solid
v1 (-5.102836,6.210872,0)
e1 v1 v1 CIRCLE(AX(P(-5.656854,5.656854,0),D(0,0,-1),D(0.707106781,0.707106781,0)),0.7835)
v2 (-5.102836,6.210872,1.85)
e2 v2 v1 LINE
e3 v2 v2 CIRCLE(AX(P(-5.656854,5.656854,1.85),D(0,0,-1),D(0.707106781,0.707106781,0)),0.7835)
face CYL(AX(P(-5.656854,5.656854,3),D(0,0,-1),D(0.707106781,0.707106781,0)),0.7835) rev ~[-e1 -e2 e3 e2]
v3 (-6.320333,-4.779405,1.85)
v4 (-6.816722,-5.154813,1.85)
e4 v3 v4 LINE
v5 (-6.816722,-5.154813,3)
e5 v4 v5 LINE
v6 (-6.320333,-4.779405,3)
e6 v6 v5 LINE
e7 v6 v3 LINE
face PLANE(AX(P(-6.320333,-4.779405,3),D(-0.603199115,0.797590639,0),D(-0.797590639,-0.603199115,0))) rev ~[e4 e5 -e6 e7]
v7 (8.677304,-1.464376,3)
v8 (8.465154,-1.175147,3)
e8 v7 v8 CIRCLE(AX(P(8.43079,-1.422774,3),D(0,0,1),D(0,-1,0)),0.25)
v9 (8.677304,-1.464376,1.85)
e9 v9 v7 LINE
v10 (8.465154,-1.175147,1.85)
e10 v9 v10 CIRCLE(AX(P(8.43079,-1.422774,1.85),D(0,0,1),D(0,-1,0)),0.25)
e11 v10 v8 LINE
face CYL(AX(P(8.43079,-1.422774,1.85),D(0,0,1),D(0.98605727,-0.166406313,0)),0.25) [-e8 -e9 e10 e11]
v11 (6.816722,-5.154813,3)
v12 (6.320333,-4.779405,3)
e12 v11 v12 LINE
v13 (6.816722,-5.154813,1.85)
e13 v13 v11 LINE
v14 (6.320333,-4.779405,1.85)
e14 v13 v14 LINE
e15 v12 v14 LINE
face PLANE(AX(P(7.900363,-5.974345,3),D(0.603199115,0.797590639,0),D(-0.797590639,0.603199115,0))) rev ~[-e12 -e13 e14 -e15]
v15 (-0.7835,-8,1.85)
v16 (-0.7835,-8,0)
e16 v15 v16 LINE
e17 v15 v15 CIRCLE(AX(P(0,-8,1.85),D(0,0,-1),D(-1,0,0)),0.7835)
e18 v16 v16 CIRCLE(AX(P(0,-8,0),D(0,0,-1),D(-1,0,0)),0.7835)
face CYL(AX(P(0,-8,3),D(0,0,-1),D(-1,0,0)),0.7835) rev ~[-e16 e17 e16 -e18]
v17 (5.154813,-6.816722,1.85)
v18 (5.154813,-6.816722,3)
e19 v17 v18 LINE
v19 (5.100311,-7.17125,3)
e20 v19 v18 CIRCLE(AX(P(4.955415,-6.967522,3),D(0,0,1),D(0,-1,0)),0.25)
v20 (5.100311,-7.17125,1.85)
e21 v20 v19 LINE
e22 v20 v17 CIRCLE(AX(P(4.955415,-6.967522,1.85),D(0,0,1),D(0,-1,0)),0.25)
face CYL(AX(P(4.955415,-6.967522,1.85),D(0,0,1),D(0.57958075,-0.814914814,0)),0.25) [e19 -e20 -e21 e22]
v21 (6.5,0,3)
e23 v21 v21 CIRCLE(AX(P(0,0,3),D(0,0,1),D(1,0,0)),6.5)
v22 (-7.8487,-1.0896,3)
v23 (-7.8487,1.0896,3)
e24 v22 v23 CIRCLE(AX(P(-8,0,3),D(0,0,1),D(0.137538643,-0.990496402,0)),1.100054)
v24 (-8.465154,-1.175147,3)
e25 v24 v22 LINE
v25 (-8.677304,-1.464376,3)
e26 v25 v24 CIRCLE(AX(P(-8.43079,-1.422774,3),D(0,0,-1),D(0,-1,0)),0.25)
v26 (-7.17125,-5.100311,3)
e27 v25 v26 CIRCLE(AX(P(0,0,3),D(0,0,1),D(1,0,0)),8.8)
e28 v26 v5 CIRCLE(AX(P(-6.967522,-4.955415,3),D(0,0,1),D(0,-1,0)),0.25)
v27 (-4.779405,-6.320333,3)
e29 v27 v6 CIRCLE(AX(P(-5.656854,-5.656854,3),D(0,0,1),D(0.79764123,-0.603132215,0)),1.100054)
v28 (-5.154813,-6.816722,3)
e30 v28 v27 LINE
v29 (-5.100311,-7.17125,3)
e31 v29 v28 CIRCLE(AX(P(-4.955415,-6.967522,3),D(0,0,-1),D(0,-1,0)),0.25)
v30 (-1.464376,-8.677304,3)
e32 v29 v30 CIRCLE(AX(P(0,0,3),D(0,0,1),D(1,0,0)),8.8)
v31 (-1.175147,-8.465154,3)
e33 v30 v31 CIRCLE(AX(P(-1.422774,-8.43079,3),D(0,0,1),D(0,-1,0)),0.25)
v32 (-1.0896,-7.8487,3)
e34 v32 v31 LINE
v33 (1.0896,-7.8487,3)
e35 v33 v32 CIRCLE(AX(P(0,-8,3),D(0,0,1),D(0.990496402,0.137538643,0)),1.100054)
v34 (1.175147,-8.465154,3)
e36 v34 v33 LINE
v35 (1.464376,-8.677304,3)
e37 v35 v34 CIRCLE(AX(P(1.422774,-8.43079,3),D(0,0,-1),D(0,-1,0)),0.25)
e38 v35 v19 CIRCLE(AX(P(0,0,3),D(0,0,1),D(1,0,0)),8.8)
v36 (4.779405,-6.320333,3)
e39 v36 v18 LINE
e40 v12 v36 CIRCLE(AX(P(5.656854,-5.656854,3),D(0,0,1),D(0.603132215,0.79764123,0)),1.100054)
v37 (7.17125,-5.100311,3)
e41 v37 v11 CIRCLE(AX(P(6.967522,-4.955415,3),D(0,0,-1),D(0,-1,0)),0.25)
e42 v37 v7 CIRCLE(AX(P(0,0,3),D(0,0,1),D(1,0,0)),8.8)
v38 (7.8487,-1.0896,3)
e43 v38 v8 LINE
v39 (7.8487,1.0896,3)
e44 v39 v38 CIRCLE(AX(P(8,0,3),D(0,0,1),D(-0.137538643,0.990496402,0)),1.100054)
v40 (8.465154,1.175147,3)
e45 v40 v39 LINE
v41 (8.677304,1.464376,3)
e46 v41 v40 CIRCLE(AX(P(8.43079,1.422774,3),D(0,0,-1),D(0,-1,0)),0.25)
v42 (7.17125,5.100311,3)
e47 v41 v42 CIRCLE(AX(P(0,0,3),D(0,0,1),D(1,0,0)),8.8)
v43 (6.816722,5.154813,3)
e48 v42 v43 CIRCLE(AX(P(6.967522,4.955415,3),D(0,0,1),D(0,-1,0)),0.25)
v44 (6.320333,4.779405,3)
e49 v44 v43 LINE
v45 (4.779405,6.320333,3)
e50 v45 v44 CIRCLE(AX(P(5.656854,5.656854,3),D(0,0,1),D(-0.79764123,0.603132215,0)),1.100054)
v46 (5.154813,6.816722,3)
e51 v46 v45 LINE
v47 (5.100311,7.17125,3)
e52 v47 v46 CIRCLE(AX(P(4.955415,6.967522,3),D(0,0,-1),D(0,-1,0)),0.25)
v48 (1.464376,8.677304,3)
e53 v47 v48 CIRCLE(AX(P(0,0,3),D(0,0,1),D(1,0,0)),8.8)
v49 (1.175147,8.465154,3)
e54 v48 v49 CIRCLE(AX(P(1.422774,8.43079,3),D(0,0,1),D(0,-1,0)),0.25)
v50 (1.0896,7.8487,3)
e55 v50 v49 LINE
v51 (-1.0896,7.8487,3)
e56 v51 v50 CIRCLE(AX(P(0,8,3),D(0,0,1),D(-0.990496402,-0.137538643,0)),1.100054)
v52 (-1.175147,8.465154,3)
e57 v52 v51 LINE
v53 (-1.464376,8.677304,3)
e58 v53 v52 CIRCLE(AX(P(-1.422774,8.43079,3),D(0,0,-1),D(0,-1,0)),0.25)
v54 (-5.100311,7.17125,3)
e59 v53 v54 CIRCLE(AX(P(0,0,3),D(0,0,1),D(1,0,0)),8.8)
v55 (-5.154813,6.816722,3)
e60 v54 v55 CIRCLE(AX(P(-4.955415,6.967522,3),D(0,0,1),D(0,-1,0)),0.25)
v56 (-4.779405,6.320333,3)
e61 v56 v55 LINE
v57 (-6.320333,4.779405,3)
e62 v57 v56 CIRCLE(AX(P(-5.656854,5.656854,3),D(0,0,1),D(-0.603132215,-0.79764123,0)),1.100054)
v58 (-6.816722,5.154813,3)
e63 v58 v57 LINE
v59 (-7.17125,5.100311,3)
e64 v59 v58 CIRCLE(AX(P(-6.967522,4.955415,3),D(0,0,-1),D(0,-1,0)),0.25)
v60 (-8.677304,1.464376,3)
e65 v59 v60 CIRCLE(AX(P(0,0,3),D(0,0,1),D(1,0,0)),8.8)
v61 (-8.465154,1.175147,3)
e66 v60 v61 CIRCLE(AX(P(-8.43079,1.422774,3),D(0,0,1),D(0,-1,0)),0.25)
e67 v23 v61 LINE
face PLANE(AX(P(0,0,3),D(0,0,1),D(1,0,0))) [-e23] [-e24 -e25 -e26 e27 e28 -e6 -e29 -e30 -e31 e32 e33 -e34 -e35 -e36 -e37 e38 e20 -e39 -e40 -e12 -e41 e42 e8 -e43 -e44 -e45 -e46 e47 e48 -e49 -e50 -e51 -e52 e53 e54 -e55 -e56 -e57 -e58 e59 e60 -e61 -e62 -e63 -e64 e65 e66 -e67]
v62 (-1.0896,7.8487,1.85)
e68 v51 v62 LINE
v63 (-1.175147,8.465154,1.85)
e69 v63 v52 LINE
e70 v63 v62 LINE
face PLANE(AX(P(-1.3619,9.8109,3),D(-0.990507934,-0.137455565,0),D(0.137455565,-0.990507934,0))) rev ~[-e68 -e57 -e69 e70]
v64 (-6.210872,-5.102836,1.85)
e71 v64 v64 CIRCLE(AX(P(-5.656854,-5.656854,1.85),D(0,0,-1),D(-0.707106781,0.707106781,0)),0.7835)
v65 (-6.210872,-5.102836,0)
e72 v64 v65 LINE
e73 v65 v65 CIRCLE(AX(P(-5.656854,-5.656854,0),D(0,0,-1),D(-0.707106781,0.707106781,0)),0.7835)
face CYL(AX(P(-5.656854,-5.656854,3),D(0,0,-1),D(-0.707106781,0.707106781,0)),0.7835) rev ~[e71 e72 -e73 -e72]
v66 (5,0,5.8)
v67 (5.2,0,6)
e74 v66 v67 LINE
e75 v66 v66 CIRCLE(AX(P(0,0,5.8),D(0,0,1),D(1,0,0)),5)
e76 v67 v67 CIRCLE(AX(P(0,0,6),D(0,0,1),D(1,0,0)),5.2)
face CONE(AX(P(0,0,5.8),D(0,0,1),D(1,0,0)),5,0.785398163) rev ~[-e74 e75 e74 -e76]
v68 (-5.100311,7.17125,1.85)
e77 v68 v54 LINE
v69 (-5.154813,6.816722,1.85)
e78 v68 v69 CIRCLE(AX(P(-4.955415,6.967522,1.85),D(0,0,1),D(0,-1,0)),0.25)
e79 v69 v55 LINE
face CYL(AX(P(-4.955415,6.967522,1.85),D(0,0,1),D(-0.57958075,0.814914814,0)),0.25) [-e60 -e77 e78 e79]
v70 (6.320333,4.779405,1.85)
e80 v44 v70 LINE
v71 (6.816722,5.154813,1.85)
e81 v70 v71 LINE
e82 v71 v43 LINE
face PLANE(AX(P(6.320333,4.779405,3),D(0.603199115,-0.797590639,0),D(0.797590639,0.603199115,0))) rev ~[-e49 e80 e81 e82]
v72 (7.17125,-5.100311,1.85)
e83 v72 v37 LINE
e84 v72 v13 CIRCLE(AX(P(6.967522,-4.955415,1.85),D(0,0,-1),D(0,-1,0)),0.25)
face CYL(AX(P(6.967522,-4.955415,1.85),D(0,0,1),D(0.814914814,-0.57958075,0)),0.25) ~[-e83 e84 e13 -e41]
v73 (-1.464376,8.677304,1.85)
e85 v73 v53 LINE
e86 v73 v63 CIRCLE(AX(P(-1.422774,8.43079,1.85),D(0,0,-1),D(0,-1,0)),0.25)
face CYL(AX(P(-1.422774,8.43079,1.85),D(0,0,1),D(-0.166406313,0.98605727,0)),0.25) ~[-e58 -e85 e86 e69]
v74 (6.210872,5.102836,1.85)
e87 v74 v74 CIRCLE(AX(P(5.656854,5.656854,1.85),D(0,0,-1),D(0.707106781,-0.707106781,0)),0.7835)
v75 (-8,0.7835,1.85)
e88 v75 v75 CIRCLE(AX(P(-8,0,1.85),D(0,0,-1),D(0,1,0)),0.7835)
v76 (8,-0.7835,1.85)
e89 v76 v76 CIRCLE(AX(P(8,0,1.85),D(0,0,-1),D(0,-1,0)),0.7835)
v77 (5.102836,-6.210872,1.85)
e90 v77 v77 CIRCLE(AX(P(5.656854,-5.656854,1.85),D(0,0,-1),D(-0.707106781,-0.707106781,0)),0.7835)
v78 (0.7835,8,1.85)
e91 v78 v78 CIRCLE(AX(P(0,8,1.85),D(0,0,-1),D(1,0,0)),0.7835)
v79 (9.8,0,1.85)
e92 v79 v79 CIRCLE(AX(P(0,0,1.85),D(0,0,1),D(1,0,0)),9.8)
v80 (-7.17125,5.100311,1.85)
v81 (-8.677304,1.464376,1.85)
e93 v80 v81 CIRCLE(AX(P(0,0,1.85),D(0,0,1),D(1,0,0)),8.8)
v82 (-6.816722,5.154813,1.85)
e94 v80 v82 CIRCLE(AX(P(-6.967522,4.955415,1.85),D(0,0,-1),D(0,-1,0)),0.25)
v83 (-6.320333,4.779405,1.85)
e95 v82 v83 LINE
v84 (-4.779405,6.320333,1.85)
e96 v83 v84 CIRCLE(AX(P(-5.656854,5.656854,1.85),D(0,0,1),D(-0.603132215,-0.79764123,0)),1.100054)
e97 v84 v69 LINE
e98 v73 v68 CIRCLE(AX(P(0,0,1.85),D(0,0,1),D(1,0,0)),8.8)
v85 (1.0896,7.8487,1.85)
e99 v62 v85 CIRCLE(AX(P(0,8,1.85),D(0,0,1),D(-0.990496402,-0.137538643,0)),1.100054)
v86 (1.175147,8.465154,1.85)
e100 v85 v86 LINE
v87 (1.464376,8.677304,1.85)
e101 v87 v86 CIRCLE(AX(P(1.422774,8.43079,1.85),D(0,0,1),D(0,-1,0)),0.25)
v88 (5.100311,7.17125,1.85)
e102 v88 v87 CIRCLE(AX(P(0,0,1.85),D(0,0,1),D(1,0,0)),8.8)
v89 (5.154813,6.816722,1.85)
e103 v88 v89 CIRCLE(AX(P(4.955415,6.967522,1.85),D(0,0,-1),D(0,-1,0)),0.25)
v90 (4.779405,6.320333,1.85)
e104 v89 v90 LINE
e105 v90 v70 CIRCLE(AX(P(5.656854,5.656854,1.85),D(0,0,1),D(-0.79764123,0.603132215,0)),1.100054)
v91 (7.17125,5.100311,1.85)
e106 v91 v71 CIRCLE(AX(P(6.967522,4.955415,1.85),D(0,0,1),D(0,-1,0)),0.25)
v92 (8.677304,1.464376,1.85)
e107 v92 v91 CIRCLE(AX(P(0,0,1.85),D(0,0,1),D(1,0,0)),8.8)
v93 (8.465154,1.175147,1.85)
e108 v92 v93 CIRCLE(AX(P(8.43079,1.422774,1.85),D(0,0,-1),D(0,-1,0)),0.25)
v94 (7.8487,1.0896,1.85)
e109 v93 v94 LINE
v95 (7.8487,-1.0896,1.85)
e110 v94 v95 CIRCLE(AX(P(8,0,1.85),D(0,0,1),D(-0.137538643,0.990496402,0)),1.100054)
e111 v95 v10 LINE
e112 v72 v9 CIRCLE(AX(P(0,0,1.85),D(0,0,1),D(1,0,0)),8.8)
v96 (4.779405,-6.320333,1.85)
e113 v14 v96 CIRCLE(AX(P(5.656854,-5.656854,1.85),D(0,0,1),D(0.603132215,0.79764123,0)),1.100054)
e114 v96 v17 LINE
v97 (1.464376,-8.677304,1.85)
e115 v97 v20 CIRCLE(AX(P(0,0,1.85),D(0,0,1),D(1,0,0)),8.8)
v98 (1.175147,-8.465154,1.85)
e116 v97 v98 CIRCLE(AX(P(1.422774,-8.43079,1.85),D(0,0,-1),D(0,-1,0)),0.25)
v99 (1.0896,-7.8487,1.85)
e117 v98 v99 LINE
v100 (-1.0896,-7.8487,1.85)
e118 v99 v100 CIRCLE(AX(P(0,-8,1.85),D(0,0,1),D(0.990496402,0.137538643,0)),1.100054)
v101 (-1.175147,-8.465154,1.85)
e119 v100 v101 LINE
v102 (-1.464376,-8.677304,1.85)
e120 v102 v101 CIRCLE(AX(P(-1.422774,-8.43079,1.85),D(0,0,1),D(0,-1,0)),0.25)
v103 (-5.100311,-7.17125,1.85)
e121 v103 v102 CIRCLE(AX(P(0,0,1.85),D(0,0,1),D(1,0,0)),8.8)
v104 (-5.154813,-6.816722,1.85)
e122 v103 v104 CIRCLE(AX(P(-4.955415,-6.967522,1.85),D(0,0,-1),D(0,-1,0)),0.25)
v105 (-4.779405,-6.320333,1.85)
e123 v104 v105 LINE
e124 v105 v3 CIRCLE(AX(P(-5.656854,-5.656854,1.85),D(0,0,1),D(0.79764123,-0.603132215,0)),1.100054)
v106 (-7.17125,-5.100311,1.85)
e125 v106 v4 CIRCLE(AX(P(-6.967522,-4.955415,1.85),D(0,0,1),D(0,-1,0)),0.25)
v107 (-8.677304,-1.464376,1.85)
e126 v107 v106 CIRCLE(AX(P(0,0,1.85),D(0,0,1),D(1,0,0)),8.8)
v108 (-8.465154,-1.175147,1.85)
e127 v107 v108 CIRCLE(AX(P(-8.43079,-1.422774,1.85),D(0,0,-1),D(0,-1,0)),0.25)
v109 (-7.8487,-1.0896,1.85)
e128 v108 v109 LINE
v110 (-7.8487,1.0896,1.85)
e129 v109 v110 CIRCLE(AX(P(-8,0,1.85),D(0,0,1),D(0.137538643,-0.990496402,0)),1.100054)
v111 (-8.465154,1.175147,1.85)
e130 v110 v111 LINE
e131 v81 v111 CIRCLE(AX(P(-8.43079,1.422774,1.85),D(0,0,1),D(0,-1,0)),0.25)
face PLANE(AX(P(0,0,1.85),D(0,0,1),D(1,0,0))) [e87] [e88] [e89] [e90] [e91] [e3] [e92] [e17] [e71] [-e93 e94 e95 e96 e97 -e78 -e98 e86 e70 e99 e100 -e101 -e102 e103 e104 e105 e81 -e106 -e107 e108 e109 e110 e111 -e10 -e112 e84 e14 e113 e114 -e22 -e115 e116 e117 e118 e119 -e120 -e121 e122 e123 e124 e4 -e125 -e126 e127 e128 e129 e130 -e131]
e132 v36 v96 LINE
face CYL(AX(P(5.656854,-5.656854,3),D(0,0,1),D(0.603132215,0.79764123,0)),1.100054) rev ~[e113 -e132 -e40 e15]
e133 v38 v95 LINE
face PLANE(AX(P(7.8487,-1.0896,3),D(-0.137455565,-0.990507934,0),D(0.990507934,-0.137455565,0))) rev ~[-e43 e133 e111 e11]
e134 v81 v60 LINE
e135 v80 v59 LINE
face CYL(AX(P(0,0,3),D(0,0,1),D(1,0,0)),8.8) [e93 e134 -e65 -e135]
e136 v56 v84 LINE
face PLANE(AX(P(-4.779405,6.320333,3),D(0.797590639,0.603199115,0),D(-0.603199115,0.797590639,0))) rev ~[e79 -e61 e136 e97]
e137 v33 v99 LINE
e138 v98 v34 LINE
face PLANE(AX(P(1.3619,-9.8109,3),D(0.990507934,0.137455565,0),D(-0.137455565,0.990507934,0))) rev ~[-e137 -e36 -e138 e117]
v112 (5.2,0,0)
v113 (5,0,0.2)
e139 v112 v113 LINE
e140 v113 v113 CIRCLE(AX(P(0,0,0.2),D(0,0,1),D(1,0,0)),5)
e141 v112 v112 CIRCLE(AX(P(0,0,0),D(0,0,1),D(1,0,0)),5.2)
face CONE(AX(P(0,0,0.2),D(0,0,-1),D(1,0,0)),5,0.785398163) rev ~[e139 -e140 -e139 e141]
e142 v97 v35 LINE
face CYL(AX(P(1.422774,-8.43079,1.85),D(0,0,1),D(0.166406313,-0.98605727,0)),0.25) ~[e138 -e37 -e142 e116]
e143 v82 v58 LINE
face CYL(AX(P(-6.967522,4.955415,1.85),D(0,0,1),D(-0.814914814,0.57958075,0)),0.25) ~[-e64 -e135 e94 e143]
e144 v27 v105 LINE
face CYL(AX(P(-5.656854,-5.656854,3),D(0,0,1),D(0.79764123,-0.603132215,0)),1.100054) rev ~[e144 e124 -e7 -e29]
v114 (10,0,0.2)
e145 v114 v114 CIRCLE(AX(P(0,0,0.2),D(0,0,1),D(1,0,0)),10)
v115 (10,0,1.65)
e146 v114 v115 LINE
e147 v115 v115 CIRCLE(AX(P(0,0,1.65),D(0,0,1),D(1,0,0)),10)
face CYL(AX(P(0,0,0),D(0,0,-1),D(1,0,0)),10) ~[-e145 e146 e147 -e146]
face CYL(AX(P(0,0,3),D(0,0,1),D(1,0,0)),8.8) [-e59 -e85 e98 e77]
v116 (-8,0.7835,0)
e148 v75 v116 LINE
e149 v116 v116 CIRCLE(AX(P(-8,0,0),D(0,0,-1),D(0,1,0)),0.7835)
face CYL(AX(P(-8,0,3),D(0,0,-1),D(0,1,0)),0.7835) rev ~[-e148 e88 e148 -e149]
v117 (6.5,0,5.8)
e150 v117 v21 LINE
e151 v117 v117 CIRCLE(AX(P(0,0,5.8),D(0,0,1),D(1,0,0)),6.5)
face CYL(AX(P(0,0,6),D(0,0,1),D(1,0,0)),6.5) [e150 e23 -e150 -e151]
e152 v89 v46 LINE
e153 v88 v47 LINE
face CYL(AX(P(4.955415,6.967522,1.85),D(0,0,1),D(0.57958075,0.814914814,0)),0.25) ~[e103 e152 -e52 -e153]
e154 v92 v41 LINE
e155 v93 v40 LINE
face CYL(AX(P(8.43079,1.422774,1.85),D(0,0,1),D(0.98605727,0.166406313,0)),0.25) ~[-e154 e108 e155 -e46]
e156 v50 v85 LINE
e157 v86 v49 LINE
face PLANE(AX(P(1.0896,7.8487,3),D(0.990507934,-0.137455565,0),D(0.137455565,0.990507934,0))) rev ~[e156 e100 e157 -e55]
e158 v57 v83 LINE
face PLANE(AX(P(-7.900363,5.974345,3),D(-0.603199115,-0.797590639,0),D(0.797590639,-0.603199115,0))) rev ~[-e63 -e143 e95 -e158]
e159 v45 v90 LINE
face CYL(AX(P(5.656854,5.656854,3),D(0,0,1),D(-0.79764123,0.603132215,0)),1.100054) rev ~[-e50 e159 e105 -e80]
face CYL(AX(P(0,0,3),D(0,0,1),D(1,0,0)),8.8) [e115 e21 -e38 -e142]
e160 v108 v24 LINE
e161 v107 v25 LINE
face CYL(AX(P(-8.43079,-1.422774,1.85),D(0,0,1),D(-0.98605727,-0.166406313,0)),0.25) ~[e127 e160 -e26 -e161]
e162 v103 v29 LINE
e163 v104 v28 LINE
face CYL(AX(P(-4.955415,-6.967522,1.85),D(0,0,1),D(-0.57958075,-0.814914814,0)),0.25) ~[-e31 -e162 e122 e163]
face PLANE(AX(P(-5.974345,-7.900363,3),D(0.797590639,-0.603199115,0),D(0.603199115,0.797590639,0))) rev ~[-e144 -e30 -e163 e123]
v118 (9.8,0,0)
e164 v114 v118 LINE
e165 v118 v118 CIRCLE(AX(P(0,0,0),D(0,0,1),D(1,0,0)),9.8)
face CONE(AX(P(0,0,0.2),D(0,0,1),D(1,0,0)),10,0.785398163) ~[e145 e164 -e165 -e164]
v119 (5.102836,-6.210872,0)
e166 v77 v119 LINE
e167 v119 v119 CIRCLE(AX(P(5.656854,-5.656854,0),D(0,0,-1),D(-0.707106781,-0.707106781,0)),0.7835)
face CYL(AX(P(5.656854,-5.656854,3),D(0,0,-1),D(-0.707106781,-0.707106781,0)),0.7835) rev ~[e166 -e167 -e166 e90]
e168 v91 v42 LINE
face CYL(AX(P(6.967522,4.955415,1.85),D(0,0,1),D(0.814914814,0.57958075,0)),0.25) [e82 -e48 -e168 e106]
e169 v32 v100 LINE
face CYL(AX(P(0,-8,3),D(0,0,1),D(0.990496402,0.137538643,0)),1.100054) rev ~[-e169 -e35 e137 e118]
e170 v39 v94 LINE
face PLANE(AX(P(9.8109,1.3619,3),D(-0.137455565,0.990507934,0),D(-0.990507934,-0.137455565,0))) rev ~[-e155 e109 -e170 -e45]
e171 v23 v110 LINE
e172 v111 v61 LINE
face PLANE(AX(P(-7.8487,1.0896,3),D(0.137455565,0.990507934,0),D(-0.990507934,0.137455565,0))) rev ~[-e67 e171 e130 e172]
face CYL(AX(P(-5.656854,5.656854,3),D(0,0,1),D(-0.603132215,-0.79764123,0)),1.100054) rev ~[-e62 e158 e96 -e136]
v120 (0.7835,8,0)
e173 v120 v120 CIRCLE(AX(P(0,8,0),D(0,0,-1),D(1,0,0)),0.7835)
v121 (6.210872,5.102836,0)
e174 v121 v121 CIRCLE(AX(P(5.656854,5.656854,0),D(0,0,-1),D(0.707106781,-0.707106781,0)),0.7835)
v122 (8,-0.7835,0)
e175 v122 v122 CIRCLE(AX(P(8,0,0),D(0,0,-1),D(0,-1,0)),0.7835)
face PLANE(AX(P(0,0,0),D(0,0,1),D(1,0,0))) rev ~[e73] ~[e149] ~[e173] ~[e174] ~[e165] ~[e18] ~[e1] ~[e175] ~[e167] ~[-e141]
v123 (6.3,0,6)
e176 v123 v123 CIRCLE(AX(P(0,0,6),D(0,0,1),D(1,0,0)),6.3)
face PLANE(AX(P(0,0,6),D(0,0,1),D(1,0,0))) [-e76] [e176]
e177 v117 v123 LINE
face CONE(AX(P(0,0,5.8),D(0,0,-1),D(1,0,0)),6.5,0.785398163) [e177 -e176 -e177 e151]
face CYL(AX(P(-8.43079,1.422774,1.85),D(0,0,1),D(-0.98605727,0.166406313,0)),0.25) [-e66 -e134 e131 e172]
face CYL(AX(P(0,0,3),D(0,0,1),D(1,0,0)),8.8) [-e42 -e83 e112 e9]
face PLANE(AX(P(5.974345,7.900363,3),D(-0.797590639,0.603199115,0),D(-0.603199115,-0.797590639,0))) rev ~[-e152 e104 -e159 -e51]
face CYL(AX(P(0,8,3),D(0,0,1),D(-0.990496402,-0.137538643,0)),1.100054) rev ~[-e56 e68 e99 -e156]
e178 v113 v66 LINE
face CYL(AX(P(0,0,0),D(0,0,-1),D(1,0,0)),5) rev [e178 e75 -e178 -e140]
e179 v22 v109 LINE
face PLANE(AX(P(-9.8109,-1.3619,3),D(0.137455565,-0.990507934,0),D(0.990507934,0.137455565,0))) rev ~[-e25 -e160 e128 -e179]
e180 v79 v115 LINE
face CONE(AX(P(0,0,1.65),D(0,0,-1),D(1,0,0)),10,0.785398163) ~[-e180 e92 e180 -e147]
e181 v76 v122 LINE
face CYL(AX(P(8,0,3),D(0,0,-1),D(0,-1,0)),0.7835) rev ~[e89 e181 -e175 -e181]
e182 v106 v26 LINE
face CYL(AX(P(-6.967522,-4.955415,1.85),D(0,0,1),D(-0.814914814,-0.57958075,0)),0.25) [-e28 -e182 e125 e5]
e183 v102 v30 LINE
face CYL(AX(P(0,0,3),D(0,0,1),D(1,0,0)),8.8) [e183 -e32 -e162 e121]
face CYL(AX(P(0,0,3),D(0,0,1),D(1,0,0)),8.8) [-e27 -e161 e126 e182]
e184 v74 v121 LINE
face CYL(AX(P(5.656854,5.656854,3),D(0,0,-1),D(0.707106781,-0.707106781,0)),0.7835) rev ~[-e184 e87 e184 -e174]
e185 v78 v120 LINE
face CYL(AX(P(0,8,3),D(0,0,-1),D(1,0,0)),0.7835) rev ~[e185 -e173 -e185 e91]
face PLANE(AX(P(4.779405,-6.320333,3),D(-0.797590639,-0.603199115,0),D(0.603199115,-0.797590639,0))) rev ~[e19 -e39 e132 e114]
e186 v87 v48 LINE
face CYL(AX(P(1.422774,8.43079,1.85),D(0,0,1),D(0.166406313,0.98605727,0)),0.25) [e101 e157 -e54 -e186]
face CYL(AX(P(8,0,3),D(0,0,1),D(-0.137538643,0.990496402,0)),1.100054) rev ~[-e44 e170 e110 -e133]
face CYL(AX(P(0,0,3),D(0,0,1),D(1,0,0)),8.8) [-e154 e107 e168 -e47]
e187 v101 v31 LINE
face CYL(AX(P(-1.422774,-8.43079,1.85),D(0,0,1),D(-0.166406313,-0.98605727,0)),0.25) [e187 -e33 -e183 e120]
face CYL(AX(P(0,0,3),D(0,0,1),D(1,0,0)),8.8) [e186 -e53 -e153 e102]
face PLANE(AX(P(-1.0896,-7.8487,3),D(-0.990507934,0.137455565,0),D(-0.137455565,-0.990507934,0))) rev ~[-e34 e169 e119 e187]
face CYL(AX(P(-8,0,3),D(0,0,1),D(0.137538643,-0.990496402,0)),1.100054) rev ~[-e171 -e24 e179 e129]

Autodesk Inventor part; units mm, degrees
ref_plane "YZ Plane" through (0, 0, 0) normal (1, 0, 0) x (0, 1, 0)
ref_plane "XZ Plane" through (0, 0, 0) normal (0, 1, 0) x (-1, 0, 0)
ref_plane "XY Plane" through (0, 0, 0) normal (0, 0, 1) x (1, 0, 0)
sketch "Sketch1" plane through (0, 0, 0) normal (0, 0, 1) x (1, 0, 0)
  point P0 (0, 0)
sketch "Sketch2" plane through (0, 0, 0) normal (0, 0, 1) x (1, 0, 0)
  circle A0 centre (0, 0) radius 5
  circle A1 centre (0, 0) radius 10
  circle A2 centre (0, 0) radius 8 construction
  line L0 (0, 0) -> (8, 0) construction
  dimension "d2" = 16
  dimension "d0" = 10
  dimension "d1" = 20
extrude "Extrusion1" add sketch "Sketch2" along normal blind 6
sketch "Sketch3" plane through (0, 0, 6) normal (0, 0, 1) x (1, 0, 0)
  circle A0 centre (0, 0) radius 6.5
  circle A1 centre (0, 0) radius 10 projected
  dimension "d5" = 13
extrude "Extrusion2" cut sketch "Sketch3" against normal blind 3
sketch "Sketch4" plane through (0, 0, 3) normal (0, 0, 1) x (1, 0, 0)
  circle A0 centre (0, 0) radius 8.8
  circle A1 centre (0, 0) radius 10 projected
  dimension "d8" = 17.6
extrude "Extrusion3" cut sketch "Sketch4" against normal blind 1.15
sketch "Sketch5" plane through (0, 0, 3) normal (0, 0, 1) x (1, 0, 0)
  line L0 (0, 0) -> (8, 0) construction
  circle A0 centre (0, 0) radius 8 construction
  line L1 (8, 0) -> (10, 0) construction
  line L2 (7.8487, -1.0896) -> (9.8109, -1.3619)
  line L3 (9.8109, 1.3619) -> (7.8487, 1.0896)
  arc A1 (7.8487, 1.0896) -> (7.8487, -1.0896) centre (8, 0) ccw
  arc A2 (9.8109, -1.3619) -> (9.8109, 1.3619) centre (10, 0) ccw
  line L4 (7.8487, 1.0896) -> (0, 0) construction
  circle A3 centre (0, 0) radius 10 construction
  point P0 (9, 0)
  dimension "d11" = 16
  dimension "d12" = 1.1
extrude "Extrusion4" cut sketch "Sketch5" against normal up to surface (1.15 mm away)
fillet "Fillet1" radius 0.25 2 edges at (8.7164, -1.21, 2.425) (8.7164, 1.21, 2.425)
hole "Hole1" at (8, 0, 3) direction (0, 0, -1) diameter 1.567 end through all thread size "M2x0.4" class "6H" standard "ANSI Metric M Profile"
pattern_circular "Circular Pattern1" count 8 over 360 about axis through (0, 0, -10) along (0, 0, 1) of "Extrusion4", "Fillet1", "Hole1"
chamfer "Chamfer1" distance 0.2 angle 45 5 edges at (-5, 0, 6) (-5, 0, 0) (-6.5, 0, 6) (-10, 0, 0) (-10, 0, 1.85)
properties part number "16_029_X430_FREE_HORN_R1" material "Aluminum 6061"
